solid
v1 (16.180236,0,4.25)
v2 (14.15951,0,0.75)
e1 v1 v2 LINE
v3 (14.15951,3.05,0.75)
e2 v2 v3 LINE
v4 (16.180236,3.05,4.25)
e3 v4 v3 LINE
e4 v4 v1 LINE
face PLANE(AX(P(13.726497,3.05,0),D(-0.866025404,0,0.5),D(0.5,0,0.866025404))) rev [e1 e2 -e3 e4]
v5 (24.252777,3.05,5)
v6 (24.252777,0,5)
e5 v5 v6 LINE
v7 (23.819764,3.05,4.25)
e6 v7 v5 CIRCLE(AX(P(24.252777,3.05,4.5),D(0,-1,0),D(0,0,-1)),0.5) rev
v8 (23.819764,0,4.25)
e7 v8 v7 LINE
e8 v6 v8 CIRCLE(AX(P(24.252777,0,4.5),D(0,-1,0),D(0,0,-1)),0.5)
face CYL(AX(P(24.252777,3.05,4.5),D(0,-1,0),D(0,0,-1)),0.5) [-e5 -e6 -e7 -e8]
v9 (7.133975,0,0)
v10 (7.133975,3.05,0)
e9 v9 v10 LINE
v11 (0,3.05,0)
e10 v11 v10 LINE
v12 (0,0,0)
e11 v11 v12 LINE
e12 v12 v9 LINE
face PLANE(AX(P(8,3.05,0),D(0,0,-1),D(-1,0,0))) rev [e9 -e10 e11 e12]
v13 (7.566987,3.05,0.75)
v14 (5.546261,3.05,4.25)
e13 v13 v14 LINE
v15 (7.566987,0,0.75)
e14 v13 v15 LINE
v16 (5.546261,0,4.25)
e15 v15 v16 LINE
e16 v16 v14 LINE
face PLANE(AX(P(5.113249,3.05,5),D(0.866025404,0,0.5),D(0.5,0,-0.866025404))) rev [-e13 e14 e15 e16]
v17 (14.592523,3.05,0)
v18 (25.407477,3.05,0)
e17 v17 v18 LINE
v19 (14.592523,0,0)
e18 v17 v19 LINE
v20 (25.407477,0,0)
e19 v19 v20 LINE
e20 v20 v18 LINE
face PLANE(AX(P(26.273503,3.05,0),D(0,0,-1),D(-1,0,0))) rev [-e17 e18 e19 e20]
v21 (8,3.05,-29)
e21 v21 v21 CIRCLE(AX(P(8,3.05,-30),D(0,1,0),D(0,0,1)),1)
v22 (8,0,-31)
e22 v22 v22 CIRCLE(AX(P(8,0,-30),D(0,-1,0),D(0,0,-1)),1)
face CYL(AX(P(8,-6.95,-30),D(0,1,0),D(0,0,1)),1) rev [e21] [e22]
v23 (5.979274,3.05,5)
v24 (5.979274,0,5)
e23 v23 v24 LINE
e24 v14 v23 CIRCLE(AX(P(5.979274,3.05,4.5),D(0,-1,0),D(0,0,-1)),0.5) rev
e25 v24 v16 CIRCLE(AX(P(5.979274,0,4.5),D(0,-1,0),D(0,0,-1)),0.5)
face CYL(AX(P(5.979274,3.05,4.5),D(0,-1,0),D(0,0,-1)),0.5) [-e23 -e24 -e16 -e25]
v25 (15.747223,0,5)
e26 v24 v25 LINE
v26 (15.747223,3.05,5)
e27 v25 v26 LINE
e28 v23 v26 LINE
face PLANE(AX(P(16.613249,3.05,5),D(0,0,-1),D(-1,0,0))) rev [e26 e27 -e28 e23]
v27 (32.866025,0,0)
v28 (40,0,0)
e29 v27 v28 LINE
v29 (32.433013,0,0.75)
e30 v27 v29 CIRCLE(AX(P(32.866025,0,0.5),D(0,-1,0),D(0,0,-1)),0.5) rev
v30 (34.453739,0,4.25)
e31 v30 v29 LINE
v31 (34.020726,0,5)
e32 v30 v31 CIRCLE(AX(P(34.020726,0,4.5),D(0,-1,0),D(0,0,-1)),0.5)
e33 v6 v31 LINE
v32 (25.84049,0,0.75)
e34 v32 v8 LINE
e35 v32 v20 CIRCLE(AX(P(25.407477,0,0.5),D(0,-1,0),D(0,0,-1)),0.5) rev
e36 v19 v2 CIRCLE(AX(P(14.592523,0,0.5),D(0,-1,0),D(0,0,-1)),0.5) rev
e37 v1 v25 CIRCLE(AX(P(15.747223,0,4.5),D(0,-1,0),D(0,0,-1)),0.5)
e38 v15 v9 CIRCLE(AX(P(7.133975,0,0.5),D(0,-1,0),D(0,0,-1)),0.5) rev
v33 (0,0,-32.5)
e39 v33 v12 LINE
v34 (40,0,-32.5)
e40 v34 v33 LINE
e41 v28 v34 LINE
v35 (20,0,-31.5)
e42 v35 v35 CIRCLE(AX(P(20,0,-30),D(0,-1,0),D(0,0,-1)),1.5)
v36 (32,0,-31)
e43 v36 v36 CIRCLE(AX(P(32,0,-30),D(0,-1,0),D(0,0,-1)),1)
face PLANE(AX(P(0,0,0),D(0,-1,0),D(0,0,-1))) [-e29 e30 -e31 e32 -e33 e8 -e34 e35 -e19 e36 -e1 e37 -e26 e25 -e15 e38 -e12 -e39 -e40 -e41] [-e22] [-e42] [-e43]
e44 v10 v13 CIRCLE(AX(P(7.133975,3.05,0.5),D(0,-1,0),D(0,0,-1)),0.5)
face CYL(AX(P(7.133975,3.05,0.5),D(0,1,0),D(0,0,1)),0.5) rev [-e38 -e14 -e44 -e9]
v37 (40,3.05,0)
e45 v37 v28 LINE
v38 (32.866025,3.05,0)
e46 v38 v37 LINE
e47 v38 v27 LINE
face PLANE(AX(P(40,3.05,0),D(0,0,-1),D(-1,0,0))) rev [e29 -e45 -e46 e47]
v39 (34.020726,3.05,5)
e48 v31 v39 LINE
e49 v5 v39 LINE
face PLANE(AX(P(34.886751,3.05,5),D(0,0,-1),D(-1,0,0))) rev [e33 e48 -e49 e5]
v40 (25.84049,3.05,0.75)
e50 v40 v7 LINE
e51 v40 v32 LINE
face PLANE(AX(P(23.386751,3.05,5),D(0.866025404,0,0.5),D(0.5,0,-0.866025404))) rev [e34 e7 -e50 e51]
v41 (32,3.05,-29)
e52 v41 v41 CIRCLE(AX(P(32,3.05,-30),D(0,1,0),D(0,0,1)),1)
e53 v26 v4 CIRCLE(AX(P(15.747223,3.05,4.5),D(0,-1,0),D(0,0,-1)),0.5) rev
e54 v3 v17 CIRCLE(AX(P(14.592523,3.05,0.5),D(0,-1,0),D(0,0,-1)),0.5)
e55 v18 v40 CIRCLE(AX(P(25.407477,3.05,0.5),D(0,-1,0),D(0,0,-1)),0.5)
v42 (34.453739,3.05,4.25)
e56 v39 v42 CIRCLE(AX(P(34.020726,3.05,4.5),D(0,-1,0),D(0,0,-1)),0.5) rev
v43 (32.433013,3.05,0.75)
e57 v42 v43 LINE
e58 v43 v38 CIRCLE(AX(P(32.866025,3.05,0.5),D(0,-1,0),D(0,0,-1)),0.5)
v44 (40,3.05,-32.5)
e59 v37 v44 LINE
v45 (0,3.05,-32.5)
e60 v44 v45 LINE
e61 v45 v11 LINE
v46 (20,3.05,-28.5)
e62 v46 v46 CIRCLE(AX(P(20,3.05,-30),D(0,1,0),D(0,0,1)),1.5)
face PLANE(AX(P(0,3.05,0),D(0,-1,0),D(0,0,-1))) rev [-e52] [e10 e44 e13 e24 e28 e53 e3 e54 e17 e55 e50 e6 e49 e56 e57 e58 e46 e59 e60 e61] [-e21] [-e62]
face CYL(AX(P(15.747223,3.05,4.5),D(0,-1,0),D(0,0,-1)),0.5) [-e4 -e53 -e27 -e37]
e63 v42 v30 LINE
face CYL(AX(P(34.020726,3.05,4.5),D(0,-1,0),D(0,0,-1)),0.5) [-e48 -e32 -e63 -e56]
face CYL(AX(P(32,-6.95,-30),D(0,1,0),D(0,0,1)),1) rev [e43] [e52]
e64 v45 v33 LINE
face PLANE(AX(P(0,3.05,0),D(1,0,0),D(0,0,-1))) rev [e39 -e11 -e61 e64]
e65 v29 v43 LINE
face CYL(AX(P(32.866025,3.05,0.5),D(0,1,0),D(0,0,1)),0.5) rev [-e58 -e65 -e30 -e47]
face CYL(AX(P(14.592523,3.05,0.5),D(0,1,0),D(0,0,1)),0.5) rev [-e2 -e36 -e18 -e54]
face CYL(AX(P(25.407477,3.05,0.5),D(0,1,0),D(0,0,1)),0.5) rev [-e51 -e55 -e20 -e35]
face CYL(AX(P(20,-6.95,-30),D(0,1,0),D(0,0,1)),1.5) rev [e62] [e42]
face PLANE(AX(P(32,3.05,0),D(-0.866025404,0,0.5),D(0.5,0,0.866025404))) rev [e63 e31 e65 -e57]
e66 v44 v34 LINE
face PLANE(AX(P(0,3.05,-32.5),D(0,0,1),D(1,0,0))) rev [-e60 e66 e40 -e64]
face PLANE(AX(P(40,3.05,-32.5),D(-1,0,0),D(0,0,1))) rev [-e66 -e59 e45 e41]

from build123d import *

# Parameters (mm, degrees)
BOSS_EXTRUDE1_DEPTH = 3.05
SKETCH2_R           = 1
SKETCH2_R_2         = 1.5
CUT_EXTRUDE1_DEPTH  = 10
FILLET1_R           = 0.5


with BuildPart() as part:
    # Sketch1 → Boss-Extrude1 (new body)
    with BuildSketch(Plane(origin=(0, 0, 0), x_dir=(1, 0, 0), z_dir=(0, 1, 0))):
        Polygon((0, 0), (0, 32.5), (40, 32.5), (40, 0), (32, 0), (34.886751346, -5), (23.386751346, -5), (26.273502692, 0), (13.726497308, 0), (16.613248654, -5), (5.113248654, -5), (8, 0), align=None)
    extrude(amount=BOSS_EXTRUDE1_DEPTH)

    # Sketch2 → Cut-Extrude1 (cut)
    with BuildSketch(Plane(origin=(0, 3.05, 0), x_dir=(1, 0, 0), z_dir=(0, 1, 0))):
        with Locations(Location((8, 30, 0), (0, 0, 270))):
            Circle(SKETCH2_R)
        with Locations(Location((32, 30, 0), (0, 0, 270))):
            Circle(SKETCH2_R)
        with Locations(Location((20, 30, 0), (0, 0, 270))):
            Circle(SKETCH2_R_2)
    extrude(amount=-CUT_EXTRUDE1_DEPTH, mode=Mode.SUBTRACT)

    # Fillet1
    fillet1_edges = [part.edges().sort_by_distance(p)[0] for p in [
        (32, 1.525, 0),
        (34.886751346, 1.525, 5),
        (23.386751346, 1.525, 5),
        (26.273502692, 1.525, 0),
        (13.726497308, 1.525, 0),
        (16.613248654, 1.525, 5),
        (5.113248654, 1.525, 5),
        (8, 1.525, 0),
    ]]
    fillet(fillet1_edges, radius=FILLET1_R)


solid = part.part
